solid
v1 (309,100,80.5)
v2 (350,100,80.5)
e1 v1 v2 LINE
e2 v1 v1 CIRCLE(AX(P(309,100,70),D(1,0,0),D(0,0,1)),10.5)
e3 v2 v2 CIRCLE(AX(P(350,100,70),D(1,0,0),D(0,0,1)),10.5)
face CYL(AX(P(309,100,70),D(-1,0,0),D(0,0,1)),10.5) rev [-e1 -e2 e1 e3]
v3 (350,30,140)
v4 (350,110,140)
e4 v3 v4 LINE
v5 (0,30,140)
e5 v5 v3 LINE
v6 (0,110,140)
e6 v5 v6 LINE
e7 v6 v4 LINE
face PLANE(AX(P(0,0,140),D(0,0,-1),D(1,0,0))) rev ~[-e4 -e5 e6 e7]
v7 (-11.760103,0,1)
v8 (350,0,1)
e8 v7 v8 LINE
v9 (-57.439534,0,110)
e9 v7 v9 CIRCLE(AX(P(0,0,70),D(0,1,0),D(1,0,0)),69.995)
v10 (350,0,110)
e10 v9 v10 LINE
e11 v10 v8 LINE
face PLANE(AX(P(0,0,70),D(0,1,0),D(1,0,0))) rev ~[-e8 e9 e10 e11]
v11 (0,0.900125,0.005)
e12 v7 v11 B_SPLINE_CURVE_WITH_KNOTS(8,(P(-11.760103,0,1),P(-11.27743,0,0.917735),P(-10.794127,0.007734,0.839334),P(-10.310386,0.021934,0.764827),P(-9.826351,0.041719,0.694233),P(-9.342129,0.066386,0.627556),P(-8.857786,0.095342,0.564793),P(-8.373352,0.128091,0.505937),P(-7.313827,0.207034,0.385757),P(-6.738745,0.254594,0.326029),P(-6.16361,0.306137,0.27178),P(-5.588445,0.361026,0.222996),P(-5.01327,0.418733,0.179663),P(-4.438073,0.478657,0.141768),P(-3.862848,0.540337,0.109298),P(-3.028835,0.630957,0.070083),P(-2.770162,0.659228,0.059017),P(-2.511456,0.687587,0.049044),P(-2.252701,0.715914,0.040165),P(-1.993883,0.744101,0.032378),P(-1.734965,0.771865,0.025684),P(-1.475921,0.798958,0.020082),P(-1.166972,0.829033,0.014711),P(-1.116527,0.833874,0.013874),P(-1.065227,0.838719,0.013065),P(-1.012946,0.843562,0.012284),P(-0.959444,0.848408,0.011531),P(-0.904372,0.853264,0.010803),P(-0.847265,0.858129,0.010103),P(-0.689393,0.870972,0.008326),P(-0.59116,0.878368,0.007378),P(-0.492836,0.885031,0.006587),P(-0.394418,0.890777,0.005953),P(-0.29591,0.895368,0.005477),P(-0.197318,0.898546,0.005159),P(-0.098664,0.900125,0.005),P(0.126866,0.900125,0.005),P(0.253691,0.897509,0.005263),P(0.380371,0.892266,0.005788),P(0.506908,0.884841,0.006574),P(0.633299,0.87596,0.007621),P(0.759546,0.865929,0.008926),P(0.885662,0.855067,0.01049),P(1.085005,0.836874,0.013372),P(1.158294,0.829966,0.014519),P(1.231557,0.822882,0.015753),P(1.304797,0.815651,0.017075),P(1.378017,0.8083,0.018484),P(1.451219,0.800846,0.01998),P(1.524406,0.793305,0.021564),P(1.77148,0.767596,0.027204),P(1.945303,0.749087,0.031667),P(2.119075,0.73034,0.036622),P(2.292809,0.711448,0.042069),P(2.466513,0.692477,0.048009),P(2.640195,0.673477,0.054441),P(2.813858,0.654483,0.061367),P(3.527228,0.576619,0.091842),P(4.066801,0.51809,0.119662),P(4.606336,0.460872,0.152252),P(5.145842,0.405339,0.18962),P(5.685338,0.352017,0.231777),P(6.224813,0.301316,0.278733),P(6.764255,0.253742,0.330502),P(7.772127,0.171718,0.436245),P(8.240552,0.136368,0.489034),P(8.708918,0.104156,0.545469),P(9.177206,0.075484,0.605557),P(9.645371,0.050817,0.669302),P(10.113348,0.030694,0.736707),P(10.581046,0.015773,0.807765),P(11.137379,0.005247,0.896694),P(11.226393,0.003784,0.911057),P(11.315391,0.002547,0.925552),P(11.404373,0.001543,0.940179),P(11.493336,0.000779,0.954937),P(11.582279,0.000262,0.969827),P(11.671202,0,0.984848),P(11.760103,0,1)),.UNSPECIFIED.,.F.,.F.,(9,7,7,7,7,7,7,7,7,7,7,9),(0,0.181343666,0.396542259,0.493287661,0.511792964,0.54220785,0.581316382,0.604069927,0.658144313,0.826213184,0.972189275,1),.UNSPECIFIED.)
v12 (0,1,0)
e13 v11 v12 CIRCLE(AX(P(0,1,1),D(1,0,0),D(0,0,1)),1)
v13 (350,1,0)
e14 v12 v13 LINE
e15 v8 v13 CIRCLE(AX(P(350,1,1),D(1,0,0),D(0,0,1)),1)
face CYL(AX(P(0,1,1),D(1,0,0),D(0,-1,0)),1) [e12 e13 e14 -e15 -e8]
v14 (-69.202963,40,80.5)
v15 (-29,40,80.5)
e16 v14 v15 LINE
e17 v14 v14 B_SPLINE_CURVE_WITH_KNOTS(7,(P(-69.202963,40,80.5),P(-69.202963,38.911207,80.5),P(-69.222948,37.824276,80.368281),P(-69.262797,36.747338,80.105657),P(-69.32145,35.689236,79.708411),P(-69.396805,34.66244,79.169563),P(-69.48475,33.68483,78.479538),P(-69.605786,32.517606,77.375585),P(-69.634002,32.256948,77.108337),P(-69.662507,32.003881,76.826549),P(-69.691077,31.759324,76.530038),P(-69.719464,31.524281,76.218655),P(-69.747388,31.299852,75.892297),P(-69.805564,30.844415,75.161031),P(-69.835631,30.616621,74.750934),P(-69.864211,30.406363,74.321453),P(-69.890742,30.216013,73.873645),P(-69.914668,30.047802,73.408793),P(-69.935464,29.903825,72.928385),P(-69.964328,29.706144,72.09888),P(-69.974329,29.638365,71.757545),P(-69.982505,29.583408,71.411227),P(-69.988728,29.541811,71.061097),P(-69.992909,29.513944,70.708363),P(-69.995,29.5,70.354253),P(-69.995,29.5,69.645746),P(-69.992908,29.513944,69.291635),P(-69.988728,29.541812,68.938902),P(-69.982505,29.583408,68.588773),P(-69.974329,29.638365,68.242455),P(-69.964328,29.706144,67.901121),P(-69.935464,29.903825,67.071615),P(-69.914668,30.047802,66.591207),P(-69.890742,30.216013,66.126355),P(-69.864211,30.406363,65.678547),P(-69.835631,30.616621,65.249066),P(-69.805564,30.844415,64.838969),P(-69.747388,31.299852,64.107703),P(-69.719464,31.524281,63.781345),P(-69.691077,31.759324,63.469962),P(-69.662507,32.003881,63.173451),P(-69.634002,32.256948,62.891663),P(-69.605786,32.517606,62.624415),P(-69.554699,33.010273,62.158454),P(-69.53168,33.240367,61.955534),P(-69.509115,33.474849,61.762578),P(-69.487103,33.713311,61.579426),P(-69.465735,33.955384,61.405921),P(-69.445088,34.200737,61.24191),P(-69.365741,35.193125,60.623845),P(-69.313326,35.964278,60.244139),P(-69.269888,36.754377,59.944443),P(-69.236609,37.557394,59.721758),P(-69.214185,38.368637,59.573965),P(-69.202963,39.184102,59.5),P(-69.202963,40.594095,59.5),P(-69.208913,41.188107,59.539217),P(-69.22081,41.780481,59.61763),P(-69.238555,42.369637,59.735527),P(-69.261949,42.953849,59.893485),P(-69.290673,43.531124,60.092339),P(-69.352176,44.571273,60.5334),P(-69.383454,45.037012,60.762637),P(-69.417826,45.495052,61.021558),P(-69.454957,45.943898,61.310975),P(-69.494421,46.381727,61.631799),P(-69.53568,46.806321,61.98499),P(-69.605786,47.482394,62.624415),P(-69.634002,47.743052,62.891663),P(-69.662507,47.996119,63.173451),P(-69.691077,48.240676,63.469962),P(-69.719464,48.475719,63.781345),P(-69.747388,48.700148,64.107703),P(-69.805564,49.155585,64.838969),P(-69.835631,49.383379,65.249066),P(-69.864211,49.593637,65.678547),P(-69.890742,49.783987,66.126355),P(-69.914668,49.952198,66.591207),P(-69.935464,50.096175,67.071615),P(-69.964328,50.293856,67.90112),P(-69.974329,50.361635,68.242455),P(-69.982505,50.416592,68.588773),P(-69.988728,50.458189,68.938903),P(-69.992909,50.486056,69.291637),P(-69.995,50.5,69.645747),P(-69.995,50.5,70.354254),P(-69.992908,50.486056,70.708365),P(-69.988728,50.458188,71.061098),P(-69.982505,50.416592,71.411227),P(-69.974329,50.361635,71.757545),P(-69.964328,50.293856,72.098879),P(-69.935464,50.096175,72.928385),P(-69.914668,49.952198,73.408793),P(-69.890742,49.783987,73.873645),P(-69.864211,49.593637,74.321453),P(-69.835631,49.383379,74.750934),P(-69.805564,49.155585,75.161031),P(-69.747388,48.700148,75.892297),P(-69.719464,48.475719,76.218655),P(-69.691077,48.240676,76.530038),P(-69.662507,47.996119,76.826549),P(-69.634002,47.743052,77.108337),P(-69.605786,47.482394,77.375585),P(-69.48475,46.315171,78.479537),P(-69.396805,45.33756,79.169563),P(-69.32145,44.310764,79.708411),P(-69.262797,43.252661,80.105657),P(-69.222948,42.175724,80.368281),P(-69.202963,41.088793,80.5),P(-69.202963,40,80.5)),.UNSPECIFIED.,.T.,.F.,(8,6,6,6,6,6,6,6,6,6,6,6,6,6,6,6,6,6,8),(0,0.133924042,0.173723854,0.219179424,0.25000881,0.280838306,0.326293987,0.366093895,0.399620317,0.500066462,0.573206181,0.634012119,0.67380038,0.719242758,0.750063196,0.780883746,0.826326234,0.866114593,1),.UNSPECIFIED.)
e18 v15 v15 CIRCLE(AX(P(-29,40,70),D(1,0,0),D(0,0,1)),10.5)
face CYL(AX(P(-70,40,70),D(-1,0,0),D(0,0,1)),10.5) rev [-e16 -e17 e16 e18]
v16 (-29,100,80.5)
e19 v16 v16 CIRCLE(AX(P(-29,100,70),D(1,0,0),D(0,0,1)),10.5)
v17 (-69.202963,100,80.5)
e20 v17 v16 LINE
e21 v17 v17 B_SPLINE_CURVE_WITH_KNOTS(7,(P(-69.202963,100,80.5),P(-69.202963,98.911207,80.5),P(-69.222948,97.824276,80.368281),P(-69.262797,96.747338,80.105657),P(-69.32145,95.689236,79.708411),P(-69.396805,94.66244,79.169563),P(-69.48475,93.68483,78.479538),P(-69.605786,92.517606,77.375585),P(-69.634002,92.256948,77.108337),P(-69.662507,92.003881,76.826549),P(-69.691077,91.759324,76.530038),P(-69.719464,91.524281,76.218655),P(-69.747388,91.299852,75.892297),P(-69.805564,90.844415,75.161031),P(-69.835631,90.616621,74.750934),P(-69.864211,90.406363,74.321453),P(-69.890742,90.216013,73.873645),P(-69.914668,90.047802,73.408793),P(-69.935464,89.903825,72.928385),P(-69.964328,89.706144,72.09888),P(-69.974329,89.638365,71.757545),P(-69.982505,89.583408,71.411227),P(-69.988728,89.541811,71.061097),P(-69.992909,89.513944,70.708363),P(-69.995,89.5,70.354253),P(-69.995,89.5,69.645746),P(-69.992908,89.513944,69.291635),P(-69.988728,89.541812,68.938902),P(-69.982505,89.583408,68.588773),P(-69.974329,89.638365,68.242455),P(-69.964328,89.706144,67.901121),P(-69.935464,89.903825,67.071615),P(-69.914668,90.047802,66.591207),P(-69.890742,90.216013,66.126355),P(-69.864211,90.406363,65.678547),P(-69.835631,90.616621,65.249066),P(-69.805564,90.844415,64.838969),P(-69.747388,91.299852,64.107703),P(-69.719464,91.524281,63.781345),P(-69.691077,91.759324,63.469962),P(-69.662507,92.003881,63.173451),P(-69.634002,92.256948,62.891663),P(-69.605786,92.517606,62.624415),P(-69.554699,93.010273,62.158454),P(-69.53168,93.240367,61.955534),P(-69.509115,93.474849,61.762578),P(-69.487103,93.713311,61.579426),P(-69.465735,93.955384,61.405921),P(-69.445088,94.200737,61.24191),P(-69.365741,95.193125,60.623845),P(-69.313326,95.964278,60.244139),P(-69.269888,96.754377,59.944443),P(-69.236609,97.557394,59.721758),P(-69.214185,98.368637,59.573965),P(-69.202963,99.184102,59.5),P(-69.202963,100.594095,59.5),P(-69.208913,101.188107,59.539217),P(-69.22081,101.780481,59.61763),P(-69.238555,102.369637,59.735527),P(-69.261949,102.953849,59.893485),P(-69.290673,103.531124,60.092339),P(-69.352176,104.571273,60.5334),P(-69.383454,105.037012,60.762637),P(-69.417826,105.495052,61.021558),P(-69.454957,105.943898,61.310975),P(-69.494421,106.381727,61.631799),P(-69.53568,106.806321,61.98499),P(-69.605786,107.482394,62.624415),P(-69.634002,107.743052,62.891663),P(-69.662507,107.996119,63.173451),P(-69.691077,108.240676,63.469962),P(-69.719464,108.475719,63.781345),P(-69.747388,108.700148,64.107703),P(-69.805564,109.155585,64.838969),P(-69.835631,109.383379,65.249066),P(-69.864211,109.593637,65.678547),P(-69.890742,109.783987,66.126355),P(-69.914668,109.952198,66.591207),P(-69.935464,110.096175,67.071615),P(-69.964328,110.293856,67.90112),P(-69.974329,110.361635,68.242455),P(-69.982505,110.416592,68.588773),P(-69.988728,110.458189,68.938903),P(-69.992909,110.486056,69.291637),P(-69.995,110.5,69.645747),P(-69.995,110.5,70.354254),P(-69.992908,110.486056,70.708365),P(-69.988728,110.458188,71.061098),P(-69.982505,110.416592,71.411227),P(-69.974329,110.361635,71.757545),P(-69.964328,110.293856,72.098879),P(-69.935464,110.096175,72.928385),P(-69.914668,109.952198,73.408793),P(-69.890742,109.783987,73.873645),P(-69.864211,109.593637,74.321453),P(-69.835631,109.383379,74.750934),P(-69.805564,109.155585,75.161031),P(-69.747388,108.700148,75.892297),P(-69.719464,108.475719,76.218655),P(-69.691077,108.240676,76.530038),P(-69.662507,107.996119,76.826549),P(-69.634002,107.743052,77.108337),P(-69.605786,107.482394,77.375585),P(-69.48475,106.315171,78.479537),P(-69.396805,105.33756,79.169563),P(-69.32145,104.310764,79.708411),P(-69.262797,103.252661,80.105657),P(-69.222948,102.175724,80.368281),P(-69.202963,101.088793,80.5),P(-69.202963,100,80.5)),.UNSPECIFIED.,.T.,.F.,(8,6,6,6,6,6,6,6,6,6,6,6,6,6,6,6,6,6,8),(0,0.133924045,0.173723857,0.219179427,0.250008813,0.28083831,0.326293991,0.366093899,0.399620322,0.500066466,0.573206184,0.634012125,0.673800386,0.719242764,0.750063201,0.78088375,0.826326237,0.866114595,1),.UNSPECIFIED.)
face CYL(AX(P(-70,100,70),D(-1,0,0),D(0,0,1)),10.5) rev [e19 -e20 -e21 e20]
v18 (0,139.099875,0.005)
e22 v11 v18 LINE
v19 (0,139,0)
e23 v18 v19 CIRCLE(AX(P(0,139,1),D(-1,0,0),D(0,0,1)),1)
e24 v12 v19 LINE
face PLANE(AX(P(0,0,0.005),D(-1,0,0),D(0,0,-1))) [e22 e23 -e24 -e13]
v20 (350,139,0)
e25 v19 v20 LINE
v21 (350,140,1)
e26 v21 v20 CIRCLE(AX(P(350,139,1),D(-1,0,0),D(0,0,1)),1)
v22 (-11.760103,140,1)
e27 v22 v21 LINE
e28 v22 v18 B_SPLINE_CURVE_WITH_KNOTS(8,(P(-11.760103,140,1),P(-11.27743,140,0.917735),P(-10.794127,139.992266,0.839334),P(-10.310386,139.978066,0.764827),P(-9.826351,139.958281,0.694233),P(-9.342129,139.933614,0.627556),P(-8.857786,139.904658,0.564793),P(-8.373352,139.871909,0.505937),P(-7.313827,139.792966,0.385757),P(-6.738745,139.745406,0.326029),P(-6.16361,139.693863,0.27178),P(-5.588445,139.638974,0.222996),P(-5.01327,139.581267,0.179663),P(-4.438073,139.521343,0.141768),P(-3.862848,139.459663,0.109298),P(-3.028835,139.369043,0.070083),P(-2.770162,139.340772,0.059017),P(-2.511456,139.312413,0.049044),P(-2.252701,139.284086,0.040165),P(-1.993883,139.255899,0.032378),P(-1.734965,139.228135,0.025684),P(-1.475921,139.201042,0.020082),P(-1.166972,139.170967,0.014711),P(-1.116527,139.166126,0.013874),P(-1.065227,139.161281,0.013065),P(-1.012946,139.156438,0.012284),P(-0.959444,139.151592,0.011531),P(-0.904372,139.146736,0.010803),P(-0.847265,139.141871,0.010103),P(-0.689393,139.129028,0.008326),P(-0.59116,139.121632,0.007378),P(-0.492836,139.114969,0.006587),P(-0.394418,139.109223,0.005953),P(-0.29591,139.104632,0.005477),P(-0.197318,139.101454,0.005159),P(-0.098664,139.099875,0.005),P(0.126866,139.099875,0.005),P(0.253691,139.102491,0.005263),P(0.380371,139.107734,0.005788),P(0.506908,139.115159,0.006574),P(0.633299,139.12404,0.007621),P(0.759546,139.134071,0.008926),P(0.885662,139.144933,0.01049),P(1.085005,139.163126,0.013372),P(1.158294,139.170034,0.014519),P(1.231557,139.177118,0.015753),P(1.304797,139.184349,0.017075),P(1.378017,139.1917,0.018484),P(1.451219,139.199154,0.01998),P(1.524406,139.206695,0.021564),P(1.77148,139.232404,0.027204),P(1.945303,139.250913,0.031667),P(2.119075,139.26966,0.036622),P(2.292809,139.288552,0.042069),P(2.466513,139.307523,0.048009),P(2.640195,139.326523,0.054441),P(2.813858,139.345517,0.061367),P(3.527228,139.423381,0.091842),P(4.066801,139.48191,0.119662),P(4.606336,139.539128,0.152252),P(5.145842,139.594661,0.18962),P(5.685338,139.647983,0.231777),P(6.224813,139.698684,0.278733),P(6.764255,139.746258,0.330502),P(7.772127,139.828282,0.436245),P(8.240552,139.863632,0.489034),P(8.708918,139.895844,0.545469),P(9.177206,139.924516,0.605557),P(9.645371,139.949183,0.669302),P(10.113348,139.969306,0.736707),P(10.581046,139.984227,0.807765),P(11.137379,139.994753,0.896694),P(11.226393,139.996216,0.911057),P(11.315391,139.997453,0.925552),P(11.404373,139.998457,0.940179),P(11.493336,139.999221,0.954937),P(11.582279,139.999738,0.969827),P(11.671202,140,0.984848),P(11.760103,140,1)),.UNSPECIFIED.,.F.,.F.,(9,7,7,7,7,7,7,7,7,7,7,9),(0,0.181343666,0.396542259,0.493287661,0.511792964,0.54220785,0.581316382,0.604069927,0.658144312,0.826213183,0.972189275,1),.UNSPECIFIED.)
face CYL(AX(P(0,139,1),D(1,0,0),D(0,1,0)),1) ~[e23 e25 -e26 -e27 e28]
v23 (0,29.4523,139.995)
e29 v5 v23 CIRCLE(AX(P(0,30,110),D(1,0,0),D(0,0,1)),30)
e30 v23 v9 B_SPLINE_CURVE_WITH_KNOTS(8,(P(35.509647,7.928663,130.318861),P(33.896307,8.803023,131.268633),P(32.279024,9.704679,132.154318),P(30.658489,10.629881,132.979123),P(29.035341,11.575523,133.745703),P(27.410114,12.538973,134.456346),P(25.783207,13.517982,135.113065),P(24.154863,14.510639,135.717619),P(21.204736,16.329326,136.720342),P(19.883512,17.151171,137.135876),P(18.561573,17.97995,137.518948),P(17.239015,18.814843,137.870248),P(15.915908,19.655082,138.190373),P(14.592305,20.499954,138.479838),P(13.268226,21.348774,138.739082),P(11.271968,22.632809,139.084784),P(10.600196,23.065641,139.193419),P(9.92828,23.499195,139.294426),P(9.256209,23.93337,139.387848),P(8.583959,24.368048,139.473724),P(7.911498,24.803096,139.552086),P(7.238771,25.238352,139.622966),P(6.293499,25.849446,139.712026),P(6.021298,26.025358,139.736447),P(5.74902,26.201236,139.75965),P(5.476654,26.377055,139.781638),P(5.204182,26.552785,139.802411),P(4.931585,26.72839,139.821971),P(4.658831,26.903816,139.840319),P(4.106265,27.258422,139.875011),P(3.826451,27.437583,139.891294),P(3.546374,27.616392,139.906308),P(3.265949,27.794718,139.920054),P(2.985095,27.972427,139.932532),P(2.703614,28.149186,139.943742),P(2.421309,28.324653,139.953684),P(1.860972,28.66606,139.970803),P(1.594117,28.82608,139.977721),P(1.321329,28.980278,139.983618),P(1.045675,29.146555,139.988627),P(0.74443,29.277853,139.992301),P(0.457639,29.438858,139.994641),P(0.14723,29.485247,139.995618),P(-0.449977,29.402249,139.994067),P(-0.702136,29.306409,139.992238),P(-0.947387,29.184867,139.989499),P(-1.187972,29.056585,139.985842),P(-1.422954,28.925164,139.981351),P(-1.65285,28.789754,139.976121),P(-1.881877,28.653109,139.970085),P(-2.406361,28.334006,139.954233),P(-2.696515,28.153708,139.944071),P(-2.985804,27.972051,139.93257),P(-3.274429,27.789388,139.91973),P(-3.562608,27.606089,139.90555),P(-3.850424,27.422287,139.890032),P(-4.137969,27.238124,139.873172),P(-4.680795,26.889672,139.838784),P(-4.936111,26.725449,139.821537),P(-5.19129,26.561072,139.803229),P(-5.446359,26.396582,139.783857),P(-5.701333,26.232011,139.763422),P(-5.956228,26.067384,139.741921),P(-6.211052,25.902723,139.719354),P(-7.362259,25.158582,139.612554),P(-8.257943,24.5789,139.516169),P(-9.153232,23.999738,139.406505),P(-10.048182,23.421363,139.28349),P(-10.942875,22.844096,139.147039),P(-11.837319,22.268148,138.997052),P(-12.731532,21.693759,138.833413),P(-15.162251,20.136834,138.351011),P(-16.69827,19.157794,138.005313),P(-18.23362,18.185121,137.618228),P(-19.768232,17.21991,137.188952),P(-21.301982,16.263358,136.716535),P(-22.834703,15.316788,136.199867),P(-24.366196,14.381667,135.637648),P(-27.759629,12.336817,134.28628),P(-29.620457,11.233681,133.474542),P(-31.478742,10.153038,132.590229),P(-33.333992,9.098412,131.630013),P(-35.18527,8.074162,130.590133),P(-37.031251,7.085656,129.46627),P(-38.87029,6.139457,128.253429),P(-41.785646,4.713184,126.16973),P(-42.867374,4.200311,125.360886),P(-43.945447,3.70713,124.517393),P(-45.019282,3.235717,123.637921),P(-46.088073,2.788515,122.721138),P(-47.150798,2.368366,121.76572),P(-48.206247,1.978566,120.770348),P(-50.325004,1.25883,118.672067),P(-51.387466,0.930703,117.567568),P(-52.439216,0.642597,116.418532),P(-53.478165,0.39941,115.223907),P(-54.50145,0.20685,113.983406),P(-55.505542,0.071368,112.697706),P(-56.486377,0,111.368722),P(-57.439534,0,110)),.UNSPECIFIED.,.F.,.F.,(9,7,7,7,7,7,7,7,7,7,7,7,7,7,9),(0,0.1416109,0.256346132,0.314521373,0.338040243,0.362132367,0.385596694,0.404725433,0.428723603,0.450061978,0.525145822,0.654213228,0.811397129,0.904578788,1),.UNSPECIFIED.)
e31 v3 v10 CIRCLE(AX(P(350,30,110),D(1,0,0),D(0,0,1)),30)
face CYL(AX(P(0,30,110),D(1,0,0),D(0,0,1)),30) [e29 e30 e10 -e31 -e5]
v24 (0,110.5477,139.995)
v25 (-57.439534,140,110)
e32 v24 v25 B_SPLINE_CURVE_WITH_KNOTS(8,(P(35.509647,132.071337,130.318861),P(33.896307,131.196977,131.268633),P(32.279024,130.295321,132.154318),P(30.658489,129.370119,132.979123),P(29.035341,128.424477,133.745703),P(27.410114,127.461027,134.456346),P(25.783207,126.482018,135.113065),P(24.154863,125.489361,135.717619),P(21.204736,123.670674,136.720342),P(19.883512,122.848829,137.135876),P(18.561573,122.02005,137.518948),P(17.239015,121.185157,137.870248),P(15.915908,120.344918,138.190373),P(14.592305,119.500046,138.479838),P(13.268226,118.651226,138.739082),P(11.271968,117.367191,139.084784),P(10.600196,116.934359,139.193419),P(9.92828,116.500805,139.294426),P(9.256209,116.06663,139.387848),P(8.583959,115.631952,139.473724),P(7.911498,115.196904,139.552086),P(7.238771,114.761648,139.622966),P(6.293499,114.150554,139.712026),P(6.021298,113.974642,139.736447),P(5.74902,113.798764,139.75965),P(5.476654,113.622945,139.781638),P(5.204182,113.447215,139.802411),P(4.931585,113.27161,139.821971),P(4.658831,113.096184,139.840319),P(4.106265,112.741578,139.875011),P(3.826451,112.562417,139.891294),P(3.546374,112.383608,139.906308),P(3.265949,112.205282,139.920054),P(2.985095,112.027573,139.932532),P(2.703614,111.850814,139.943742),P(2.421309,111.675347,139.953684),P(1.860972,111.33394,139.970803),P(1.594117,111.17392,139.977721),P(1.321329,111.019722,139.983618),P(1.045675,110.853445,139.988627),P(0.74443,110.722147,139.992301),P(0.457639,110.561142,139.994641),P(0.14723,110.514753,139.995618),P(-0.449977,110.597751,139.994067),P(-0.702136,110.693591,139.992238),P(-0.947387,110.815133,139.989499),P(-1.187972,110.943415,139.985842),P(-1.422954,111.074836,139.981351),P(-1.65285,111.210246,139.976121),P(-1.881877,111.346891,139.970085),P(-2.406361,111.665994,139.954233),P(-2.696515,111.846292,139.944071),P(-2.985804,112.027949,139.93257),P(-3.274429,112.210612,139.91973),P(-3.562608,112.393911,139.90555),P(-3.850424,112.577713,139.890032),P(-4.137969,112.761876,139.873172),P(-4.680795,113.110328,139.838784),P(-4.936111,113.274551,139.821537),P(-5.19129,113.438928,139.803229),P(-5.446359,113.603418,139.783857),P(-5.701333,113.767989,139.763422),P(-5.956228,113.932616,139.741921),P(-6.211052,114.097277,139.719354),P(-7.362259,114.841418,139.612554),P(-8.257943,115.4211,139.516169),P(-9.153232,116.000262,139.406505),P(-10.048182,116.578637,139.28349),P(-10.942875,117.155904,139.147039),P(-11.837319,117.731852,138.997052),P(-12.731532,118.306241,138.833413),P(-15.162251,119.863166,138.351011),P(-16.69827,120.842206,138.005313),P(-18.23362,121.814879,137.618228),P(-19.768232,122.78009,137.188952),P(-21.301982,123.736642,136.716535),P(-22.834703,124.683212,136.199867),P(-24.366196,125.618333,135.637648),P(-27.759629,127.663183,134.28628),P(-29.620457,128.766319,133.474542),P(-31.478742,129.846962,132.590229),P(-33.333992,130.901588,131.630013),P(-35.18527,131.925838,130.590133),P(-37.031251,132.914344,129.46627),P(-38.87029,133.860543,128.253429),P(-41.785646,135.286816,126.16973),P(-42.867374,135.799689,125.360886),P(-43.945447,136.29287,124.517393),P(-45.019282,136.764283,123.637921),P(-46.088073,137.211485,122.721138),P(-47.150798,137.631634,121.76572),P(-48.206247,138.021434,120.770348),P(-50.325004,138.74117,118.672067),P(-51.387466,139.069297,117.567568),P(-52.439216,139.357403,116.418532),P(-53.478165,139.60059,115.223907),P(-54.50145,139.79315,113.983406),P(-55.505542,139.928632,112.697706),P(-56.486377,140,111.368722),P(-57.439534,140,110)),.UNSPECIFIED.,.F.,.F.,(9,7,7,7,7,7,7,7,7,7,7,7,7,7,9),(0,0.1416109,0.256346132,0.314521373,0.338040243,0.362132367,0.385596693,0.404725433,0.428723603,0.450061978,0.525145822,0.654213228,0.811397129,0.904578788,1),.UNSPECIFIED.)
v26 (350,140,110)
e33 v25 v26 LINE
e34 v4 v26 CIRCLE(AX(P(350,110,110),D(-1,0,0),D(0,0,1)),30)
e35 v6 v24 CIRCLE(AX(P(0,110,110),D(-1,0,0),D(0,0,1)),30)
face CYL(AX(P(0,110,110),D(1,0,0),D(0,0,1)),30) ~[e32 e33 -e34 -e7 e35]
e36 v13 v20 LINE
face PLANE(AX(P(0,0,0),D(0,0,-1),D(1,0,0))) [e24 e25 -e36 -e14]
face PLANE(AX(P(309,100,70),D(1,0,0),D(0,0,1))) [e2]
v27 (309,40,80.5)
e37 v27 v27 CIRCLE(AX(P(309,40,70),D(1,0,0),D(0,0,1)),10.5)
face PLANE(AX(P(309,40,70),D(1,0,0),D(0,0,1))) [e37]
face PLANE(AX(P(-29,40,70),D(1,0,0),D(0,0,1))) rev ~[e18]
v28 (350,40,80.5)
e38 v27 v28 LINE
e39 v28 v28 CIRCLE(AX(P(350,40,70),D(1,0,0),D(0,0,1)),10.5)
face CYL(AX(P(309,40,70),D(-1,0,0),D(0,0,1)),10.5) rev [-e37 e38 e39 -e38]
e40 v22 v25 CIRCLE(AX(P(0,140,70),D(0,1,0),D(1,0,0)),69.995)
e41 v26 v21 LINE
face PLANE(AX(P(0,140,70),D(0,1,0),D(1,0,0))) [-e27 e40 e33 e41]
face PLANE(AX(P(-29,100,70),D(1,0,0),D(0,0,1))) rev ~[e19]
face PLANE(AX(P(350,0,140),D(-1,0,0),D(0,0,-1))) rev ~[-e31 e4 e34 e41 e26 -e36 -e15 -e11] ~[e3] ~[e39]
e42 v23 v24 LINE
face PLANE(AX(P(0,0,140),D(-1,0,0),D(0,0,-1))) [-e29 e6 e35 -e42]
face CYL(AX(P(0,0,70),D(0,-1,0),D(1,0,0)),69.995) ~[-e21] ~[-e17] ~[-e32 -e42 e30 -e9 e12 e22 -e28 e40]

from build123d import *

# Parameters (mm, degrees)
SKETCH1_R           = 69.995
SKETCH1_W           = 350
SKETCH1_H           = 140
BOSS_EXTRUDE1_DEPTH = 140
SKETCH2_R           = 10.5
CUT_EXTRUDE3_DEPTH  = 41
FILLET2_R           = 30
FILLET3_R           = 1
CUT_EXTRUDE4_START  = -41
SKETCH3_R           = 10.5
CUT_EXTRUDE4_DEPTH  = 41


with BuildPart() as part:
    # Sketch1 → Boss-Extrude1 (new body)
    with BuildSketch(Plane(origin=(0, 0, 0), x_dir=(1, 0, 0), z_dir=(0, 1, 0))):
        with Locations((0, -70)):
            Circle(SKETCH1_R)
        with Locations((175, -70)):
            Rectangle(SKETCH1_W, SKETCH1_H)
    extrude(amount=BOSS_EXTRUDE1_DEPTH)

    # Sketch2 → Cut-Extrude3 (cut)
    with BuildSketch(Plane(origin=(-70, 0, 0), x_dir=(0, 0, -1), z_dir=(1, 0, 0))):
        with Locations(Location((-70, 100, 0), (0, 0, 180))):
            Circle(SKETCH2_R)
        with Locations(Location((-70, 40, 0), (0, 0, 180))):
            Circle(SKETCH2_R)
    extrude(amount=CUT_EXTRUDE3_DEPTH, mode=Mode.SUBTRACT)

    # Fillet2
    fillet2_edges = [part.edges().sort_by_distance(p)[0] for p in [
        (175, 140, 140),
        (175, 0, 140),
    ]]
    fillet(fillet2_edges, radius=FILLET2_R)

    # Fillet3
    fillet3_edges = [part.edges().sort_by_distance(p)[0] for p in [
        (175, 140, 0),
        (175, 0, 0),
    ]]
    fillet(fillet3_edges, radius=FILLET3_R)

    # Sketch3 → Cut-Extrude4 (cut)
    with BuildSketch(Plane(origin=(350, 0, 0), x_dir=(0, 0, -1), z_dir=(1, 0, 0)).offset(CUT_EXTRUDE4_START)):
        with Locations(Location((-70, 100, 0), (0, 0, 180))):
            Circle(SKETCH3_R)
        with Locations(Location((-70, 40, 0), (0, 0, 180))):
            Circle(SKETCH3_R)
    extrude(amount=CUT_EXTRUDE4_DEPTH, mode=Mode.SUBTRACT)


solid = part.part
